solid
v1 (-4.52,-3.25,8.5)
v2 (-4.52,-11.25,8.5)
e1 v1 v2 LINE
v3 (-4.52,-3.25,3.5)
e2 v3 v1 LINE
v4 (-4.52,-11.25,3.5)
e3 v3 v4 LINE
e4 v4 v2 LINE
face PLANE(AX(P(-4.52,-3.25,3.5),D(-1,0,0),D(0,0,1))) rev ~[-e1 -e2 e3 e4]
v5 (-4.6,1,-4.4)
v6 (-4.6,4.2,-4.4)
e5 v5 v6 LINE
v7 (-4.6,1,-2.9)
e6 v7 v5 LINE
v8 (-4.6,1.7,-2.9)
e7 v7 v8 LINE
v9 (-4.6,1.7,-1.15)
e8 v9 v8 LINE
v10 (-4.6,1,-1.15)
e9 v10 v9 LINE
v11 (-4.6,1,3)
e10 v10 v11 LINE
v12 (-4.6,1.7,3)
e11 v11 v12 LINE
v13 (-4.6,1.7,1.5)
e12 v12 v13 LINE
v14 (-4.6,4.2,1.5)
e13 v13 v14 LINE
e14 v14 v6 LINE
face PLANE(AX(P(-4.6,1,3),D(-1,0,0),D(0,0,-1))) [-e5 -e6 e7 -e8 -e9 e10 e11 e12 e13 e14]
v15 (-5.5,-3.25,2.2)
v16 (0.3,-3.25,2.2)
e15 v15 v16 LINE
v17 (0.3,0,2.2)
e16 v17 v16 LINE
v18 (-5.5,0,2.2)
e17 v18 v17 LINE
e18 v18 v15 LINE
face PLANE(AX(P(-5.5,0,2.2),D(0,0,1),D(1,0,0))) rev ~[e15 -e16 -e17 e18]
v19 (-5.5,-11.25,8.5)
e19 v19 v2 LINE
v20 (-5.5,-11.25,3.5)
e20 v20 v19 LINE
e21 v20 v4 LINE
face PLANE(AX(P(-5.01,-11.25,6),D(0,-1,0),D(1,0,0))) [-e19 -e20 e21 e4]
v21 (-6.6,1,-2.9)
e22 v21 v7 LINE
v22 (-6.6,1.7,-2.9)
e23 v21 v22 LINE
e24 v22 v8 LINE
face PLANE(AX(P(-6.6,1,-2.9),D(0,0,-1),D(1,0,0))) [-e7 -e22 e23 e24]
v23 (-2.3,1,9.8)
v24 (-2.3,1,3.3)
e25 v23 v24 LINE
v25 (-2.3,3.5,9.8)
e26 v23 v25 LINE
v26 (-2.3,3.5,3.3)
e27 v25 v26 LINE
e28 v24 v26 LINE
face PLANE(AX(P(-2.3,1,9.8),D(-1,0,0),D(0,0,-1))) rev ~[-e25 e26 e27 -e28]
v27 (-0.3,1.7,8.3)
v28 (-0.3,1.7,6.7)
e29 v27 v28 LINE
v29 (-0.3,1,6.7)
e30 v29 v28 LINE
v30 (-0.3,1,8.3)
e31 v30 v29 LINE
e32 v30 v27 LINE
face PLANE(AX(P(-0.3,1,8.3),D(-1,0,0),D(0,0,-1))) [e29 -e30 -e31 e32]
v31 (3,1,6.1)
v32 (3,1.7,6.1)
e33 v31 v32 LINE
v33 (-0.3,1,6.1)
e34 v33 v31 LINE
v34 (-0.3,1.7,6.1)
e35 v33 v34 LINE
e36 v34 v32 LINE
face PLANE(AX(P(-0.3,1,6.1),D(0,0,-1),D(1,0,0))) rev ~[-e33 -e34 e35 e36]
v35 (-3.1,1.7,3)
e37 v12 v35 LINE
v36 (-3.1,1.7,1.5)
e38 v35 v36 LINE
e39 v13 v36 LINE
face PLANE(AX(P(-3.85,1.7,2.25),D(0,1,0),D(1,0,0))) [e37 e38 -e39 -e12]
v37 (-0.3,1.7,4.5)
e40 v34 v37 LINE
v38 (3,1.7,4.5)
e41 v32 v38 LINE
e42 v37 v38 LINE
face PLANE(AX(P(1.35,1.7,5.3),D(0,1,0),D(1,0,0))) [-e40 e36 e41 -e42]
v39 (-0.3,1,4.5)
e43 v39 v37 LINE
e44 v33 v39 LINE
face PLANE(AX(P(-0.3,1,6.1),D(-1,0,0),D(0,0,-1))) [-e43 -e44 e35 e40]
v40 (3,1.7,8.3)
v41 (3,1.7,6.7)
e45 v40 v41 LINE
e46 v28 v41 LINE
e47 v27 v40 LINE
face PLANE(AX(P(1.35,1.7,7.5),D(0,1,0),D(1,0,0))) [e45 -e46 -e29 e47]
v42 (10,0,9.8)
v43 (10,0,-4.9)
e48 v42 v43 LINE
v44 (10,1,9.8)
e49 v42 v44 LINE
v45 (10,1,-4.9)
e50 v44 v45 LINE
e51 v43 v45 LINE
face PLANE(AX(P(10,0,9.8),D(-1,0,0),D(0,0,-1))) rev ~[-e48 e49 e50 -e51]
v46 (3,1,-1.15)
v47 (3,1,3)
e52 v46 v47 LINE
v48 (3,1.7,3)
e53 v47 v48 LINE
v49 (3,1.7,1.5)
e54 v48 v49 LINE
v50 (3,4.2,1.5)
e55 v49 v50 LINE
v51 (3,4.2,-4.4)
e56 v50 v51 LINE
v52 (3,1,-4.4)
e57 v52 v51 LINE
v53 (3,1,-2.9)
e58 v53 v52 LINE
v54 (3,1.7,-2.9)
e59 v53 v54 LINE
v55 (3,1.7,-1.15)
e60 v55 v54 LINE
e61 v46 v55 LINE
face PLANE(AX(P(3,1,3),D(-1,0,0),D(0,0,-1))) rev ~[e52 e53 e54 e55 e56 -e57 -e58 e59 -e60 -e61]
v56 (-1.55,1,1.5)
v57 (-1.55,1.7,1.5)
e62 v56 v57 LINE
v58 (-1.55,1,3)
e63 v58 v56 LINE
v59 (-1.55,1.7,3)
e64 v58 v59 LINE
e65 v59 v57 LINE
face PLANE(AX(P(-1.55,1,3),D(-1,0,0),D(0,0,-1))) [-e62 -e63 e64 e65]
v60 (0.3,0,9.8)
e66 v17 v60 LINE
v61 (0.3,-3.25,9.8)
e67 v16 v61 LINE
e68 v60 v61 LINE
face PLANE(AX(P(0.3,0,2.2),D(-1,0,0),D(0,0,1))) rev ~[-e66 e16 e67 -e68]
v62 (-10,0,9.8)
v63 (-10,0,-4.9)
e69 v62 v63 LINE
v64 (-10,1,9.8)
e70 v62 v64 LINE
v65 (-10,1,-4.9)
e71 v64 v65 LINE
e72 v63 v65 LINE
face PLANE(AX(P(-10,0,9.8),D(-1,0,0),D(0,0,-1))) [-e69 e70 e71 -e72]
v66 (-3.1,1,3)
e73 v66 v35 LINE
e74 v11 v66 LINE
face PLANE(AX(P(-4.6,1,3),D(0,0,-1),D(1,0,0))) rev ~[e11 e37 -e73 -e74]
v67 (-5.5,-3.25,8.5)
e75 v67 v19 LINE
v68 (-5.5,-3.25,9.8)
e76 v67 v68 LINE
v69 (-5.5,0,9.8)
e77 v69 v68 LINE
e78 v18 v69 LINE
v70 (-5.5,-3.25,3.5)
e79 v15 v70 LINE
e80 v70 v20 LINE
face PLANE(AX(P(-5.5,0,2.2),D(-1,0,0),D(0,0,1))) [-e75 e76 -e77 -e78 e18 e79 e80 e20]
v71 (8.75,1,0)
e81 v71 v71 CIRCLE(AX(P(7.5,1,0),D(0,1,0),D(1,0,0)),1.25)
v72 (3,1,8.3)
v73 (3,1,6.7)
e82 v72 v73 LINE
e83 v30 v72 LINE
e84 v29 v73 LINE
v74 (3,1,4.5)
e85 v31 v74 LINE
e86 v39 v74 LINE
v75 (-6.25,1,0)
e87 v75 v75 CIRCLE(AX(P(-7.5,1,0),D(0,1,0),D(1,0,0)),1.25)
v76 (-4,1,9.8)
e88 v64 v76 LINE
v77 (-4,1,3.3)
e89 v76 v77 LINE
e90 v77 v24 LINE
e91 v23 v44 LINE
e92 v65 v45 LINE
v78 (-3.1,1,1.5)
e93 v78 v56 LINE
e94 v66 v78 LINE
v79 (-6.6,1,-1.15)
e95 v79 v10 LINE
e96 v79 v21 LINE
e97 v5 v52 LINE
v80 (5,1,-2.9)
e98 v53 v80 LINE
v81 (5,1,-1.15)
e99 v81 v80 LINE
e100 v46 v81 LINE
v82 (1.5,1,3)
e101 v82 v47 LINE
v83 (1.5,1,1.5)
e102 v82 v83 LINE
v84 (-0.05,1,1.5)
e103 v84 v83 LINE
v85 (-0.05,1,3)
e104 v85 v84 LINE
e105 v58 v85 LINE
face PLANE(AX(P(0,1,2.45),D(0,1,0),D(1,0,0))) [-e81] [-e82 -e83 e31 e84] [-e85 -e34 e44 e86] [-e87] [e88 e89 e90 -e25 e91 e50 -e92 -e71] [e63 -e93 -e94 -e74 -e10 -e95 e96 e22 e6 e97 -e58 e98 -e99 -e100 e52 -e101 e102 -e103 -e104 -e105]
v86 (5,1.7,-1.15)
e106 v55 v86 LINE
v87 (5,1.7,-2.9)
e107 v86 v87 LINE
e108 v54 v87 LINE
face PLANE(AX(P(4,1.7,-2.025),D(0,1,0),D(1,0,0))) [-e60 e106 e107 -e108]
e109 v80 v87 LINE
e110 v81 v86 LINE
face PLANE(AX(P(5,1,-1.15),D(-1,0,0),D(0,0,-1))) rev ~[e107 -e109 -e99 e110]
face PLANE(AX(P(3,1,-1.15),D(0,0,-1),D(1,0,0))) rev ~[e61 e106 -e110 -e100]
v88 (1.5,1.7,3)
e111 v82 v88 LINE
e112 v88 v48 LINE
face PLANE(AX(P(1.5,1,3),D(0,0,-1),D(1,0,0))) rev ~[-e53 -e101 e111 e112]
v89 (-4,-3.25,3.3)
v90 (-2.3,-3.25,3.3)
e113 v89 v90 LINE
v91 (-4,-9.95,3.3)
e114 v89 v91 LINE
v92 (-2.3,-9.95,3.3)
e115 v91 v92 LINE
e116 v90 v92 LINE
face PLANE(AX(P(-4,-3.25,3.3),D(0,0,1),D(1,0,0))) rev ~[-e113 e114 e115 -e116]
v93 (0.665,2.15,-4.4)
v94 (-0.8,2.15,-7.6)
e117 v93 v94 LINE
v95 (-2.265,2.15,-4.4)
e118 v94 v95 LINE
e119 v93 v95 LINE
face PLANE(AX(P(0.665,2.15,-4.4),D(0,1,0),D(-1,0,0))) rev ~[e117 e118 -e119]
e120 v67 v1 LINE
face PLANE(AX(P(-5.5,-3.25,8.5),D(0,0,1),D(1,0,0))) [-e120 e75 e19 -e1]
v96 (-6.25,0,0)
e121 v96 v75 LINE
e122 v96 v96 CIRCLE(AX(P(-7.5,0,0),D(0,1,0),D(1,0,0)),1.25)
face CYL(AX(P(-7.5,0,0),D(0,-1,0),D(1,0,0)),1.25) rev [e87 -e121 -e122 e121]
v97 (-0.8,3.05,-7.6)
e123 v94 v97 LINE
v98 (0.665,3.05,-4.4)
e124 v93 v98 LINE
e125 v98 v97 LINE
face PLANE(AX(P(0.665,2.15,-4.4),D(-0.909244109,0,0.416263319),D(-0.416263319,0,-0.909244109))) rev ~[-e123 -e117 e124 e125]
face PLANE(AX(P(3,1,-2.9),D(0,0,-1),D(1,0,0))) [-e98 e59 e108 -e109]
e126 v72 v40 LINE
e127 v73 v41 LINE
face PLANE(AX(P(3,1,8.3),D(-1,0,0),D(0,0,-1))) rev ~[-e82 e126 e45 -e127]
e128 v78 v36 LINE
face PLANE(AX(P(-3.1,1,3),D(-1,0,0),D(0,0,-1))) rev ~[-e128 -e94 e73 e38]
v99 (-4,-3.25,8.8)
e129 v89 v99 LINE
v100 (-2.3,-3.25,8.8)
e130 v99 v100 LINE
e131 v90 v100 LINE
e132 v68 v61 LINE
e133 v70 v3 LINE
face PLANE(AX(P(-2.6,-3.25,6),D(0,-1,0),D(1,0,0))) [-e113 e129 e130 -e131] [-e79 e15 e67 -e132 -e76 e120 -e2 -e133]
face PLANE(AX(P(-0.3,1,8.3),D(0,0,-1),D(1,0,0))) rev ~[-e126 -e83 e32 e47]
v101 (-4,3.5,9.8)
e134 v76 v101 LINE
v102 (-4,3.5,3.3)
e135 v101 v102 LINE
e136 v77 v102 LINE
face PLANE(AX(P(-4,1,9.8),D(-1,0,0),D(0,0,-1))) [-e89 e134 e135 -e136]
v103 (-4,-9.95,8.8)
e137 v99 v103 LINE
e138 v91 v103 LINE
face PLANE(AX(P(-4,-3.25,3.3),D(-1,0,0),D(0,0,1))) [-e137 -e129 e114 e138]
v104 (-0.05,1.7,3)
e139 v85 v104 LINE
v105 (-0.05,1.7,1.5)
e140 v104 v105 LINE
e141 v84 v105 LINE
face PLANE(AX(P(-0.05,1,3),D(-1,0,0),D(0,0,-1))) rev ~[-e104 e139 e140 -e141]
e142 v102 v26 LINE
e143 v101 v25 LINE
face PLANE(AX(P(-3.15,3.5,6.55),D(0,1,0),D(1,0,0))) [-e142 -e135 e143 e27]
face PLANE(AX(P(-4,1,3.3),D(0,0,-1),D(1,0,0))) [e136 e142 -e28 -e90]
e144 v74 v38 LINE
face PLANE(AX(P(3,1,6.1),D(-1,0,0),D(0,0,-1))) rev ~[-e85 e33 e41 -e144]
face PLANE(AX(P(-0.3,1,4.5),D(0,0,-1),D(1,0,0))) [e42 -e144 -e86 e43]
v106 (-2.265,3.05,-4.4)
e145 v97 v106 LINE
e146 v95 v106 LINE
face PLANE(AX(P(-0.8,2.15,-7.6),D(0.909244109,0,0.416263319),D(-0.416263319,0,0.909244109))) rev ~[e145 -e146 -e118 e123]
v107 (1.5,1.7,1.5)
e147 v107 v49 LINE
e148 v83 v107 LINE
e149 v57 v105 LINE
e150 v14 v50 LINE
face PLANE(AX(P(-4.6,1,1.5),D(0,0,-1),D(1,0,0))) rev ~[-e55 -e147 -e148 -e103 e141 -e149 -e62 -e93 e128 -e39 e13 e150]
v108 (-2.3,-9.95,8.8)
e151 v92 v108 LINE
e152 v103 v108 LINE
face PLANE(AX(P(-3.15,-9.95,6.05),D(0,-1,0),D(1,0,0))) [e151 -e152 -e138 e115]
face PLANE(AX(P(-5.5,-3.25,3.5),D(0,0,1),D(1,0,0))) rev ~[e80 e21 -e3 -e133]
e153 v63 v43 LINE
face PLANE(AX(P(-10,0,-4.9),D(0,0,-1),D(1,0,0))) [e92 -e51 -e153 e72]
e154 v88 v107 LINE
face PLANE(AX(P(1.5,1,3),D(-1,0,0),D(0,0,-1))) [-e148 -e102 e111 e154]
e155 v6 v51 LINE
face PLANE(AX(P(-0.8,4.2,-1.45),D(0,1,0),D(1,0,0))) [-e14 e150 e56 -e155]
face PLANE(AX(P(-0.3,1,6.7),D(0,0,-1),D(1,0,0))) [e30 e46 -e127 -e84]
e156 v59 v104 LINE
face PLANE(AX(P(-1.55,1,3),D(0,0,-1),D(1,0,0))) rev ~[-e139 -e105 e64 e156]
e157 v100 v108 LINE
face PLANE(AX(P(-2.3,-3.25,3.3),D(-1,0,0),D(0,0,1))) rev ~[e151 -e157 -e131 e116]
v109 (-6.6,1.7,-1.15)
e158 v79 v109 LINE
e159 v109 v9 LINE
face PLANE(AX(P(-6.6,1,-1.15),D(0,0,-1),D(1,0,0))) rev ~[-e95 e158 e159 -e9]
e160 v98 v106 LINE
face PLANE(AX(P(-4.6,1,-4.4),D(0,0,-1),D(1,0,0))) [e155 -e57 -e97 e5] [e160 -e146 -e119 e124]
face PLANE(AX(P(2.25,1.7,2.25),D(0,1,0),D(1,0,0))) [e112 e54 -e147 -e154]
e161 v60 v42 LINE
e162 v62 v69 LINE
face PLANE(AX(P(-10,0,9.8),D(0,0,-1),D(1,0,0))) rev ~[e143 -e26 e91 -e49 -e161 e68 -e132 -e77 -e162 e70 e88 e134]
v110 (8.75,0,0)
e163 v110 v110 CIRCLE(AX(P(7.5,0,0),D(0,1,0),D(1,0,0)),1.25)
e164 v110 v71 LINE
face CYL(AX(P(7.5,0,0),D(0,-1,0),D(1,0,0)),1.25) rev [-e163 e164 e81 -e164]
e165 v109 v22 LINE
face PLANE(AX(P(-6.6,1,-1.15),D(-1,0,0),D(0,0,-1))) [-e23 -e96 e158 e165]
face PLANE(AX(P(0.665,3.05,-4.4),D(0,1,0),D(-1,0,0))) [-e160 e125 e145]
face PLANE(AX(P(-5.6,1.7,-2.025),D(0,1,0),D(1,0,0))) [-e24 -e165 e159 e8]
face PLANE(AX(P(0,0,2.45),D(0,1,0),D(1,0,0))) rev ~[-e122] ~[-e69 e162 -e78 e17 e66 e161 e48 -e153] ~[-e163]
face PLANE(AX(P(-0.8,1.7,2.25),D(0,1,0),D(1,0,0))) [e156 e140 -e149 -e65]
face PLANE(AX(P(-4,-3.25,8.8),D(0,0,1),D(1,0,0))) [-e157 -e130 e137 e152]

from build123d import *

# Parameters (mm, degrees)
SKETCH_1_W          = 20
SKETCH_1_H          = 14.7
SKETCH_1_R          = 1.25
EXTRUDE_1_DEPTH     = 1
SKETCH_2_W          = 7.6
SKETCH_2_H          = 5.9
EXTRUDE_2_DEPTH     = 3.2
SKETCH_3_W          = 2.93
SKETCH_3_H          = 0.9
EXTRUDE_3_DEPTH     = 3.2
CUT_EXTRUDE_START   = -0.9
CUT_EXTRUDE_1_DEPTH = 0.9
SKETCH_5_W          = 2
SKETCH_5_H          = 1.75
SKETCH_5_W_2        = 1.5
SKETCH_5_H_2        = 1.5
SKETCH_5_W_3        = 3.3
SKETCH_5_H_3        = 1.6
EXTRUDE_4_DEPTH     = 0.7
SKETCH_6_W          = 1.7
SKETCH_6_H          = 6.5
EXTRUDE_5_DEPTH     = 2.5
SKETCH_7_W          = 5.8
SKETCH_7_H          = 7.6
EXTRUDE_6_DEPTH     = 3.25
SKETCH_8_W          = 0.98
SKETCH_8_H          = 5
EXTRUDE_7_DEPTH     = 8
SKETCH_9_W          = 1.7
SKETCH_9_H          = 5.5
EXTRUDE_8_DEPTH     = 6.7


with BuildPart() as part:
    # 草图1 → 凸台-拉伸1 (new body)
    with BuildSketch(Plane(origin=(0, 0, 0), x_dir=(1, 0, 0), z_dir=(0, 1, 0))):
        with Locations((0, -2.45)):
            Rectangle(SKETCH_1_W, SKETCH_1_H)
        with Locations((-7.5, 0)):
            Circle(SKETCH_1_R, mode=Mode.SUBTRACT)
        with Locations((7.5, 0)):
            Circle(SKETCH_1_R, mode=Mode.SUBTRACT)
    extrude(amount=EXTRUDE_1_DEPTH)

    # 草图2 → 凸台-拉伸2 (add)
    with BuildSketch(Plane(origin=(0, 1, 0), x_dir=(1, 0, 0), z_dir=(0, 1, 0))):
        with Locations((-0.8, 1.45)):
            Rectangle(SKETCH_2_W, SKETCH_2_H)
    extrude(amount=EXTRUDE_2_DEPTH)

    # 草图3 → 凸台-拉伸3 (add)
    with BuildSketch(Plane(origin=(0, 0, -4.4), x_dir=(-1, 0, 0), z_dir=(0, 0, -1))):
        with Locations((0.8, 2.6)):
            Rectangle(SKETCH_3_W, SKETCH_3_H)
    extrude(amount=EXTRUDE_3_DEPTH)

    # 草图4 → 切除-拉伸1 (cut)
    with BuildSketch(Plane(origin=(0, 3.05, 0), x_dir=(1, 0, 0), z_dir=(0, 1, 0)).offset(CUT_EXTRUDE_START)):
        Polygon((-0.8, 7.6), (-2.265, 4.4), (-2.265, 7.6), (-2.265, 7.984995913), (0.665, 7.984995913), (0.665, 7.6), (0.665, 4.4), align=None)
    extrude(amount=CUT_EXTRUDE_1_DEPTH, mode=Mode.SUBTRACT)

    # 草图5 → 凸台-拉伸4 (add)
    with BuildSketch(Plane(origin=(0, 1, 0), x_dir=(1, 0, 0), z_dir=(0, 1, 0))):
        with Locations((4, 2.025)):
            Rectangle(SKETCH_5_W, SKETCH_5_H)
        with Locations((-5.6, 2.025)):
            Rectangle(SKETCH_5_W, SKETCH_5_H)
        with Locations((-3.85, -2.25)):
            Rectangle(SKETCH_5_W_2, SKETCH_5_H_2)
        with Locations((-0.8, -2.25)):
            Rectangle(SKETCH_5_W_2, SKETCH_5_H_2)
        with Locations((2.25, -2.25)):
            Rectangle(SKETCH_5_W_2, SKETCH_5_H_2)
        with Locations((1.35, -5.3)):
            Rectangle(SKETCH_5_W_3, SKETCH_5_H_3)
        with Locations((1.35, -7.5)):
            Rectangle(SKETCH_5_W_3, SKETCH_5_H_3)
    extrude(amount=EXTRUDE_4_DEPTH)

    # 草图6 → 凸台-拉伸5 (add)
    with BuildSketch(Plane(origin=(0, 1, 0), x_dir=(1, 0, 0), z_dir=(0, 1, 0))):
        with Locations((-3.15, -6.55)):
            Rectangle(SKETCH_6_W, SKETCH_6_H)
    extrude(amount=EXTRUDE_5_DEPTH)

    # 草图7 → 凸台-拉伸6 (add)
    with BuildSketch(Plane.XZ):
        with Locations((-2.6, 6)):
            Rectangle(SKETCH_7_W, SKETCH_7_H)
    extrude(amount=EXTRUDE_6_DEPTH)

    # 草图8 → 凸台-拉伸7 (add)
    with BuildSketch(Plane.XZ.offset(3.25)):
        with Locations((-5.01, 6)):
            Rectangle(SKETCH_8_W, SKETCH_8_H)
    extrude(amount=EXTRUDE_7_DEPTH)

    # 草图9 → 凸台-拉伸8 (add)
    with BuildSketch(Plane.XZ.offset(3.25)):
        with Locations((-3.15, 6.05)):
            Rectangle(SKETCH_9_W, SKETCH_9_H)
    extrude(amount=EXTRUDE_8_DEPTH)


solid = part.part
